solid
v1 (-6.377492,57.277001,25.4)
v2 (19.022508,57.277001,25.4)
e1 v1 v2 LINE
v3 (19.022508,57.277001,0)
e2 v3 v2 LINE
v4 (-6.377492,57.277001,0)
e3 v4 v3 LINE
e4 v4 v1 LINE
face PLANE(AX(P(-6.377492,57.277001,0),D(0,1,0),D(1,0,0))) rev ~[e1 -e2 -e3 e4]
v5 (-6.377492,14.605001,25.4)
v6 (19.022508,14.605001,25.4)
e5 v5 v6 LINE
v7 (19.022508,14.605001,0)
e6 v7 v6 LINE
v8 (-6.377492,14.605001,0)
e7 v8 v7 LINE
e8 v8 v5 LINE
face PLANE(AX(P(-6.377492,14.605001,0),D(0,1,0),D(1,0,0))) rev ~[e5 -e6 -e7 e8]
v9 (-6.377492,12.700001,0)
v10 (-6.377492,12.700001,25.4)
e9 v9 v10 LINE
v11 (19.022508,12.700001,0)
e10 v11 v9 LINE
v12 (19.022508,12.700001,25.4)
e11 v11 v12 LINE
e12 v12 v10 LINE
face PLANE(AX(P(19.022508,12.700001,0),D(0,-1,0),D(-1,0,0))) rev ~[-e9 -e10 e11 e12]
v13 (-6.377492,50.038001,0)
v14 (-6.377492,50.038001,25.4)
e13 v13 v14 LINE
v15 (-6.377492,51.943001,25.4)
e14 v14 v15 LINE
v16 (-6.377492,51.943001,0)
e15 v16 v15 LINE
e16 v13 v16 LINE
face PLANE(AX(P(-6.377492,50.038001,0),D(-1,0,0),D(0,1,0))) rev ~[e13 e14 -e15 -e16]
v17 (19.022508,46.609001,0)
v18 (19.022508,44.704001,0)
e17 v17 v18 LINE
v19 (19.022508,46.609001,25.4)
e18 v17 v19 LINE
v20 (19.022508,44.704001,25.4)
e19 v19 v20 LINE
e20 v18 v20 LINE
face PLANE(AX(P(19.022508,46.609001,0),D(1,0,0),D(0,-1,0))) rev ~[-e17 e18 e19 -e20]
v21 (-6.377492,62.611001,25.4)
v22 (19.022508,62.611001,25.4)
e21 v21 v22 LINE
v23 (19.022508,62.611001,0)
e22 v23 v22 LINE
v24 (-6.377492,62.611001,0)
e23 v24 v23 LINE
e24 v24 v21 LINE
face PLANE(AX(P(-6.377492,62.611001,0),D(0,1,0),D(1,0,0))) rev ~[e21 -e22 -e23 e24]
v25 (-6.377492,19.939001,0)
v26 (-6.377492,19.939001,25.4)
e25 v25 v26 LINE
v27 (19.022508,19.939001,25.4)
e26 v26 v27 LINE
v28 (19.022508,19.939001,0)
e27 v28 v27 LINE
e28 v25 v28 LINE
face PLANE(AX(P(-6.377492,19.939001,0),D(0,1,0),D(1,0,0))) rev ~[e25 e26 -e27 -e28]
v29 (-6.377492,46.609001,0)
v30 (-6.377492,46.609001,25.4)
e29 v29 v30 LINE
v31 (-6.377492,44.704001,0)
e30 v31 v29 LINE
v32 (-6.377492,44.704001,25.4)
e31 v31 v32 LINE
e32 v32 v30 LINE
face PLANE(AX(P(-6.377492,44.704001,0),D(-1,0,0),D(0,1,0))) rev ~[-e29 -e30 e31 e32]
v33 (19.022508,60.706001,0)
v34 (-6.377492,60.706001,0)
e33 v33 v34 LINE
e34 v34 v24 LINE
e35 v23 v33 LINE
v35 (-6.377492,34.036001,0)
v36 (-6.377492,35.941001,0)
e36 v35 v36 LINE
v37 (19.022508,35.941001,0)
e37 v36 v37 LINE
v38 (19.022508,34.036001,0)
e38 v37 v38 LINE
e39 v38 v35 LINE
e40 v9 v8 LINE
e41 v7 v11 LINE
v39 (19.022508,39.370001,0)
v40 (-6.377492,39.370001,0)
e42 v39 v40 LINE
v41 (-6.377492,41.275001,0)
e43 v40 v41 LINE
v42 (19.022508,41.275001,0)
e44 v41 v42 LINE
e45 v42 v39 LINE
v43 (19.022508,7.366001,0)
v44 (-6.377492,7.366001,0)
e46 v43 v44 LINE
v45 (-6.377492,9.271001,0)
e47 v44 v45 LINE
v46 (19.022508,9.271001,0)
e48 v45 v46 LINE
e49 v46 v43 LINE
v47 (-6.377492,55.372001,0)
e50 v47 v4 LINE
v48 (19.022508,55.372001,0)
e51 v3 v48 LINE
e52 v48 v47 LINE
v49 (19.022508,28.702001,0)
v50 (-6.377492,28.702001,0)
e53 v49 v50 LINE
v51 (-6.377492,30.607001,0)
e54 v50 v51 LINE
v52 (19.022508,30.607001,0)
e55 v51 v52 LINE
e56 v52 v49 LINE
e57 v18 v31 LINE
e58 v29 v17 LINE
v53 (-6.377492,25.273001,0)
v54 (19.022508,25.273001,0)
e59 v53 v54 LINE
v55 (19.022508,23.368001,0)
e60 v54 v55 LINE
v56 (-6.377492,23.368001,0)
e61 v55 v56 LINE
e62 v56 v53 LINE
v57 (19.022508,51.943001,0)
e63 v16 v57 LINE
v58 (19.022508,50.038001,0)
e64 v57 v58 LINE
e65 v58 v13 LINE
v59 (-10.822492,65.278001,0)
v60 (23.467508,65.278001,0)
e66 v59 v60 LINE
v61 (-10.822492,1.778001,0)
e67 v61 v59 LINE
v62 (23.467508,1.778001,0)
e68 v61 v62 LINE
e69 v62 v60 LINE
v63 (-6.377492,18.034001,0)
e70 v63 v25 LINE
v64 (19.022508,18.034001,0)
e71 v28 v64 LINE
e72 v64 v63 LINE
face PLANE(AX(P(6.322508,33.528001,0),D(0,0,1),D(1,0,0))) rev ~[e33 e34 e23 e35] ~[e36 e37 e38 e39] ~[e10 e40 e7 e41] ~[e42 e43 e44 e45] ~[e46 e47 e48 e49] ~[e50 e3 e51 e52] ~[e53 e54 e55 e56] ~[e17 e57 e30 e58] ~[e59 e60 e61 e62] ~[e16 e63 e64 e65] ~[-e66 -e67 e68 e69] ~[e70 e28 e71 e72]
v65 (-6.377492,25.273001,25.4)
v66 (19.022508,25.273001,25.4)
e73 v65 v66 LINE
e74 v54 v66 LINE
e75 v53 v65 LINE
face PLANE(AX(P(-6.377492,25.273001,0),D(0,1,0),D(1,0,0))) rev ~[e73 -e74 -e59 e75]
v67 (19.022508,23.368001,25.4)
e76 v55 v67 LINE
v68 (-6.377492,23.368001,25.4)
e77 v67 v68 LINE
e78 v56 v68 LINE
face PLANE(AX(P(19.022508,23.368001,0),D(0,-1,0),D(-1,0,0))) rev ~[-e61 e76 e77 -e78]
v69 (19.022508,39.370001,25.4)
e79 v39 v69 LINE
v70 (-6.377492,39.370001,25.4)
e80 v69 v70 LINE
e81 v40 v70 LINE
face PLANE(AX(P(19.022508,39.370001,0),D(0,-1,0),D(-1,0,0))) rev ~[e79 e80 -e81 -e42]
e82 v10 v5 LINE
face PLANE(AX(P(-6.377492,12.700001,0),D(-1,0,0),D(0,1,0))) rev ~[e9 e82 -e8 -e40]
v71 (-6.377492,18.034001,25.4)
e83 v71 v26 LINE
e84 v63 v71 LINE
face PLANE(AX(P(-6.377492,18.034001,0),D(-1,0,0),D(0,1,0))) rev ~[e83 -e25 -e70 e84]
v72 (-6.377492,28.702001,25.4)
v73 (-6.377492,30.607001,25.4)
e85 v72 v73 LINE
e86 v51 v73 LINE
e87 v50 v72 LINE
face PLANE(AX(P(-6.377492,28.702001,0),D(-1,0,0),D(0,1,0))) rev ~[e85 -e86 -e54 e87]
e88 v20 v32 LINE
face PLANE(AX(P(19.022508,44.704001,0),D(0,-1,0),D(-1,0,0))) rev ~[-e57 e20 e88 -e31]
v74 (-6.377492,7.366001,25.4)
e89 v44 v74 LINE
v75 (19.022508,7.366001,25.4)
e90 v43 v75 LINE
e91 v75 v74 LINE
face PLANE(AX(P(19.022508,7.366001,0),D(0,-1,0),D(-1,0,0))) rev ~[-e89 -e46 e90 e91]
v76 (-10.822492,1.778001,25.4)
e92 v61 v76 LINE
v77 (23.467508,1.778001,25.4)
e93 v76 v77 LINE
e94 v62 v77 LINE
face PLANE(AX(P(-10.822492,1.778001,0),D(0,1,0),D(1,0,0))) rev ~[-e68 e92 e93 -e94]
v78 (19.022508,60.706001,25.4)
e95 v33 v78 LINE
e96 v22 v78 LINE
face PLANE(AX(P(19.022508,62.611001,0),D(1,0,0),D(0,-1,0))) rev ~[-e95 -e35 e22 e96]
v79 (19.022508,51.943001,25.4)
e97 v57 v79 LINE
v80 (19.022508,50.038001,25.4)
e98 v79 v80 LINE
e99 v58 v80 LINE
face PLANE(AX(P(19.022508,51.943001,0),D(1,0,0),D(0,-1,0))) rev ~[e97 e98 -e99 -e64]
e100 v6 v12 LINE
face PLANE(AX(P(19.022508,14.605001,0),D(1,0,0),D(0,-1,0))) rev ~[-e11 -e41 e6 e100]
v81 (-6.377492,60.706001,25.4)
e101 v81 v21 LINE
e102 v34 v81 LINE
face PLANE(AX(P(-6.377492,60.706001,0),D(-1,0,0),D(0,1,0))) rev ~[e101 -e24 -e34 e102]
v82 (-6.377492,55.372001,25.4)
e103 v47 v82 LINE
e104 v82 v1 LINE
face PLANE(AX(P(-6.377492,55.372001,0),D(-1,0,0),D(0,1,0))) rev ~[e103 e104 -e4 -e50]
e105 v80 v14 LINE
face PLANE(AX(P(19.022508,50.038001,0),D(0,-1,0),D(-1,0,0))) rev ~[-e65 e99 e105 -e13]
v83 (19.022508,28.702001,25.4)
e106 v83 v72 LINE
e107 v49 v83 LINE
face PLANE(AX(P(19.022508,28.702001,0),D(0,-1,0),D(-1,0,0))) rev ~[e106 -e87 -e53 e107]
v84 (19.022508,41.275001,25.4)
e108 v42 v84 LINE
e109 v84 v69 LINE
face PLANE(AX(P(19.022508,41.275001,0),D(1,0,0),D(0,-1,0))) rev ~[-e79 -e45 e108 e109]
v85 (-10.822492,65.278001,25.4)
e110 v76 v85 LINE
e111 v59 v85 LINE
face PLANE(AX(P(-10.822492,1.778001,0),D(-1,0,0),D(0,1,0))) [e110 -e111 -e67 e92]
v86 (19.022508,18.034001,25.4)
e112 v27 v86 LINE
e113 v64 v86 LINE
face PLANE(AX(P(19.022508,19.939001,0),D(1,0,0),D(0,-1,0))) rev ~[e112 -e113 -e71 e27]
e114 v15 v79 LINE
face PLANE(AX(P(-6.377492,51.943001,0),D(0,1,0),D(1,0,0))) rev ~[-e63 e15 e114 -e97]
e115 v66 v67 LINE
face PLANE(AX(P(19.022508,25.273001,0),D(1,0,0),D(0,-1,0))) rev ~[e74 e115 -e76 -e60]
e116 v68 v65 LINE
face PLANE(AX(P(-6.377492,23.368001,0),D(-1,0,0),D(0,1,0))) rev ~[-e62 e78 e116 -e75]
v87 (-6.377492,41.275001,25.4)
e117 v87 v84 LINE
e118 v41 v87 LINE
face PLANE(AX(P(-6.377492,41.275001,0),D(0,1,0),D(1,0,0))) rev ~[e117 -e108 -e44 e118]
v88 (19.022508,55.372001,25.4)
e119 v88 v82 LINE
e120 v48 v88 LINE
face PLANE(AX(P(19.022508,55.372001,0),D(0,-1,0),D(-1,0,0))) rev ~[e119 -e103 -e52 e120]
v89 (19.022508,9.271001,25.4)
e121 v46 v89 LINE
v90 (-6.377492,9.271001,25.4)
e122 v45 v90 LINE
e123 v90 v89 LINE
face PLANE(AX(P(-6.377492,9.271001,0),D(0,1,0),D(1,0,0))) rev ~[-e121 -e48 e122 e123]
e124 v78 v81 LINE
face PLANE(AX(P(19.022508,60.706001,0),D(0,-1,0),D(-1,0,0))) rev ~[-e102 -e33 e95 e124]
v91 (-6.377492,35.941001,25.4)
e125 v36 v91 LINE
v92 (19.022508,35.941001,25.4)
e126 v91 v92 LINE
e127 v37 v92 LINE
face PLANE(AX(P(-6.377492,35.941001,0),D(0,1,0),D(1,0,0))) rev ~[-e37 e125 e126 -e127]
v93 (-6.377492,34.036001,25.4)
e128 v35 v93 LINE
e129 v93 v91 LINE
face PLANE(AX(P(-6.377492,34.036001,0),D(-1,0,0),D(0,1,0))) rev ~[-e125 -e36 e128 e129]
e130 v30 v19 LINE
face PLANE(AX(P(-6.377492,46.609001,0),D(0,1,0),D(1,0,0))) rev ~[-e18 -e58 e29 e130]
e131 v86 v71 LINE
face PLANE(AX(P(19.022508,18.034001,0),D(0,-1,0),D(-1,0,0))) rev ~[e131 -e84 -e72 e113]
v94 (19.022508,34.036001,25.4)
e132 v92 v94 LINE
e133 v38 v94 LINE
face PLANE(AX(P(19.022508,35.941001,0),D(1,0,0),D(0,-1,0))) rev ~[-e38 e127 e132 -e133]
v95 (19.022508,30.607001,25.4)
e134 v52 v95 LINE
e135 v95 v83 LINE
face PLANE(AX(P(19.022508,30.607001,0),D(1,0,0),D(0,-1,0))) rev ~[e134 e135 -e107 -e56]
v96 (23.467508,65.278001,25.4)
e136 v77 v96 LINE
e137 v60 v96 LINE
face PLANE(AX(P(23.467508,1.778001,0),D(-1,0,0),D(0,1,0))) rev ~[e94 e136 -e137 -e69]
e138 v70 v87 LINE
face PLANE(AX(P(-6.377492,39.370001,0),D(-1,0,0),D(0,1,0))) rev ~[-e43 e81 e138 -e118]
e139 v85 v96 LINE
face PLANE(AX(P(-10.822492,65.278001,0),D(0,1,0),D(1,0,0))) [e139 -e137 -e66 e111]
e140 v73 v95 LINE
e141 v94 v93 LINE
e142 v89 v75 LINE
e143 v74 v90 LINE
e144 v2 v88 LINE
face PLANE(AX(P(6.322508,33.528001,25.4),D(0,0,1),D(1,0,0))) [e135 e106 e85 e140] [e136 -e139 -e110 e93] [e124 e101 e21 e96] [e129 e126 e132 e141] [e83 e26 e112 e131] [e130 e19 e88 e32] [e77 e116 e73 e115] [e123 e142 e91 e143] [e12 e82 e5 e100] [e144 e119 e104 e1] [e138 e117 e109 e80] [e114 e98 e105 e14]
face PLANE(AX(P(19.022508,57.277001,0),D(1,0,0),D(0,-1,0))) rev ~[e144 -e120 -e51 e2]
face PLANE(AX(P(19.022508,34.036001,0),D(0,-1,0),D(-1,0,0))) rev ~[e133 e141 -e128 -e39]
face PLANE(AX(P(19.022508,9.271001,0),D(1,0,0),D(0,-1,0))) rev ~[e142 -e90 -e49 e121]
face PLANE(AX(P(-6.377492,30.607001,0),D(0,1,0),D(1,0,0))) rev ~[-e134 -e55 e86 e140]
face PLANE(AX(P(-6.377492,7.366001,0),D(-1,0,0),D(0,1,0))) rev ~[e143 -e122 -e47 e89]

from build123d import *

# Parameters (mm, degrees)
F0_W     = 34.29
F0_H     = 63.5
F1_DEPTH = 25.4


with BuildPart() as f1:
    # F0 (on Top) → F1 (new body)
    with BuildSketch(Plane.XY):
        with Locations((6.322508, 33.528001)):
            Rectangle(F0_W, F0_H)
        Polygon((19.022508, 7.366001), (6.322508, 7.366001), (-6.377492, 7.366001), (-6.377492, 9.271001), (5.6515, 9.271001), (19.022508, 9.271001), align=None, mode=Mode.SUBTRACT)
        Polygon((19.022508, 12.700001), (6.322508, 12.700001), (-6.377492, 12.700001), (-6.377492, 14.605001), (7.876809, 14.605001), (19.022508, 14.605001), align=None, mode=Mode.SUBTRACT)
        Polygon((19.022508, 18.034001), (6.322508, 18.034001), (-6.377492, 18.034001), (-6.377492, 19.939001), (5.6515, 19.939001), (19.022508, 19.939001), align=None, mode=Mode.SUBTRACT)
        Polygon((19.022508, 23.368001), (6.322508, 23.368001), (-6.377492, 23.368001), (-6.377492, 25.273001), (5.6515, 25.273001), (19.022508, 25.273001), align=None, mode=Mode.SUBTRACT)
        Polygon((19.022508, 28.702001), (6.322508, 28.702001), (-6.377492, 28.702001), (-6.377492, 30.607001), (5.6515, 30.607001), (19.022508, 30.607001), align=None, mode=Mode.SUBTRACT)
        Polygon((19.022508, 60.706001), (6.322508, 60.706001), (-6.377492, 60.706001), (-6.377492, 62.611001), (5.6515, 62.611001), (19.022508, 62.611001), align=None, mode=Mode.SUBTRACT)
        Polygon((19.022508, 34.036001), (6.322508, 34.036001), (-6.377492, 34.036001), (-6.377492, 35.941001), (5.6515, 35.941001), (19.022508, 35.941001), align=None, mode=Mode.SUBTRACT)
        Polygon((19.022508, 39.370001), (6.322508, 39.370001), (-6.377492, 39.370001), (-6.377492, 41.275001), (5.6515, 41.275001), (19.022508, 41.275001), align=None, mode=Mode.SUBTRACT)
        Polygon((19.022508, 44.704001), (6.322508, 44.704001), (-6.377492, 44.704001), (-6.377492, 46.609001), (5.6515, 46.609001), (19.022508, 46.609001), align=None, mode=Mode.SUBTRACT)
        Polygon((19.022508, 50.038001), (6.322508, 50.038001), (-6.377492, 50.038001), (-6.377492, 51.943001), (5.6515, 51.943001), (19.022508, 51.943001), align=None, mode=Mode.SUBTRACT)
        Polygon((19.022508, 55.372001), (6.322508, 55.372001), (-6.377492, 55.372001), (-6.377492, 57.277001), (5.6515, 57.277001), (19.022508, 57.277001), align=None, mode=Mode.SUBTRACT)
    extrude(amount=F1_DEPTH)


solid = f1.part
